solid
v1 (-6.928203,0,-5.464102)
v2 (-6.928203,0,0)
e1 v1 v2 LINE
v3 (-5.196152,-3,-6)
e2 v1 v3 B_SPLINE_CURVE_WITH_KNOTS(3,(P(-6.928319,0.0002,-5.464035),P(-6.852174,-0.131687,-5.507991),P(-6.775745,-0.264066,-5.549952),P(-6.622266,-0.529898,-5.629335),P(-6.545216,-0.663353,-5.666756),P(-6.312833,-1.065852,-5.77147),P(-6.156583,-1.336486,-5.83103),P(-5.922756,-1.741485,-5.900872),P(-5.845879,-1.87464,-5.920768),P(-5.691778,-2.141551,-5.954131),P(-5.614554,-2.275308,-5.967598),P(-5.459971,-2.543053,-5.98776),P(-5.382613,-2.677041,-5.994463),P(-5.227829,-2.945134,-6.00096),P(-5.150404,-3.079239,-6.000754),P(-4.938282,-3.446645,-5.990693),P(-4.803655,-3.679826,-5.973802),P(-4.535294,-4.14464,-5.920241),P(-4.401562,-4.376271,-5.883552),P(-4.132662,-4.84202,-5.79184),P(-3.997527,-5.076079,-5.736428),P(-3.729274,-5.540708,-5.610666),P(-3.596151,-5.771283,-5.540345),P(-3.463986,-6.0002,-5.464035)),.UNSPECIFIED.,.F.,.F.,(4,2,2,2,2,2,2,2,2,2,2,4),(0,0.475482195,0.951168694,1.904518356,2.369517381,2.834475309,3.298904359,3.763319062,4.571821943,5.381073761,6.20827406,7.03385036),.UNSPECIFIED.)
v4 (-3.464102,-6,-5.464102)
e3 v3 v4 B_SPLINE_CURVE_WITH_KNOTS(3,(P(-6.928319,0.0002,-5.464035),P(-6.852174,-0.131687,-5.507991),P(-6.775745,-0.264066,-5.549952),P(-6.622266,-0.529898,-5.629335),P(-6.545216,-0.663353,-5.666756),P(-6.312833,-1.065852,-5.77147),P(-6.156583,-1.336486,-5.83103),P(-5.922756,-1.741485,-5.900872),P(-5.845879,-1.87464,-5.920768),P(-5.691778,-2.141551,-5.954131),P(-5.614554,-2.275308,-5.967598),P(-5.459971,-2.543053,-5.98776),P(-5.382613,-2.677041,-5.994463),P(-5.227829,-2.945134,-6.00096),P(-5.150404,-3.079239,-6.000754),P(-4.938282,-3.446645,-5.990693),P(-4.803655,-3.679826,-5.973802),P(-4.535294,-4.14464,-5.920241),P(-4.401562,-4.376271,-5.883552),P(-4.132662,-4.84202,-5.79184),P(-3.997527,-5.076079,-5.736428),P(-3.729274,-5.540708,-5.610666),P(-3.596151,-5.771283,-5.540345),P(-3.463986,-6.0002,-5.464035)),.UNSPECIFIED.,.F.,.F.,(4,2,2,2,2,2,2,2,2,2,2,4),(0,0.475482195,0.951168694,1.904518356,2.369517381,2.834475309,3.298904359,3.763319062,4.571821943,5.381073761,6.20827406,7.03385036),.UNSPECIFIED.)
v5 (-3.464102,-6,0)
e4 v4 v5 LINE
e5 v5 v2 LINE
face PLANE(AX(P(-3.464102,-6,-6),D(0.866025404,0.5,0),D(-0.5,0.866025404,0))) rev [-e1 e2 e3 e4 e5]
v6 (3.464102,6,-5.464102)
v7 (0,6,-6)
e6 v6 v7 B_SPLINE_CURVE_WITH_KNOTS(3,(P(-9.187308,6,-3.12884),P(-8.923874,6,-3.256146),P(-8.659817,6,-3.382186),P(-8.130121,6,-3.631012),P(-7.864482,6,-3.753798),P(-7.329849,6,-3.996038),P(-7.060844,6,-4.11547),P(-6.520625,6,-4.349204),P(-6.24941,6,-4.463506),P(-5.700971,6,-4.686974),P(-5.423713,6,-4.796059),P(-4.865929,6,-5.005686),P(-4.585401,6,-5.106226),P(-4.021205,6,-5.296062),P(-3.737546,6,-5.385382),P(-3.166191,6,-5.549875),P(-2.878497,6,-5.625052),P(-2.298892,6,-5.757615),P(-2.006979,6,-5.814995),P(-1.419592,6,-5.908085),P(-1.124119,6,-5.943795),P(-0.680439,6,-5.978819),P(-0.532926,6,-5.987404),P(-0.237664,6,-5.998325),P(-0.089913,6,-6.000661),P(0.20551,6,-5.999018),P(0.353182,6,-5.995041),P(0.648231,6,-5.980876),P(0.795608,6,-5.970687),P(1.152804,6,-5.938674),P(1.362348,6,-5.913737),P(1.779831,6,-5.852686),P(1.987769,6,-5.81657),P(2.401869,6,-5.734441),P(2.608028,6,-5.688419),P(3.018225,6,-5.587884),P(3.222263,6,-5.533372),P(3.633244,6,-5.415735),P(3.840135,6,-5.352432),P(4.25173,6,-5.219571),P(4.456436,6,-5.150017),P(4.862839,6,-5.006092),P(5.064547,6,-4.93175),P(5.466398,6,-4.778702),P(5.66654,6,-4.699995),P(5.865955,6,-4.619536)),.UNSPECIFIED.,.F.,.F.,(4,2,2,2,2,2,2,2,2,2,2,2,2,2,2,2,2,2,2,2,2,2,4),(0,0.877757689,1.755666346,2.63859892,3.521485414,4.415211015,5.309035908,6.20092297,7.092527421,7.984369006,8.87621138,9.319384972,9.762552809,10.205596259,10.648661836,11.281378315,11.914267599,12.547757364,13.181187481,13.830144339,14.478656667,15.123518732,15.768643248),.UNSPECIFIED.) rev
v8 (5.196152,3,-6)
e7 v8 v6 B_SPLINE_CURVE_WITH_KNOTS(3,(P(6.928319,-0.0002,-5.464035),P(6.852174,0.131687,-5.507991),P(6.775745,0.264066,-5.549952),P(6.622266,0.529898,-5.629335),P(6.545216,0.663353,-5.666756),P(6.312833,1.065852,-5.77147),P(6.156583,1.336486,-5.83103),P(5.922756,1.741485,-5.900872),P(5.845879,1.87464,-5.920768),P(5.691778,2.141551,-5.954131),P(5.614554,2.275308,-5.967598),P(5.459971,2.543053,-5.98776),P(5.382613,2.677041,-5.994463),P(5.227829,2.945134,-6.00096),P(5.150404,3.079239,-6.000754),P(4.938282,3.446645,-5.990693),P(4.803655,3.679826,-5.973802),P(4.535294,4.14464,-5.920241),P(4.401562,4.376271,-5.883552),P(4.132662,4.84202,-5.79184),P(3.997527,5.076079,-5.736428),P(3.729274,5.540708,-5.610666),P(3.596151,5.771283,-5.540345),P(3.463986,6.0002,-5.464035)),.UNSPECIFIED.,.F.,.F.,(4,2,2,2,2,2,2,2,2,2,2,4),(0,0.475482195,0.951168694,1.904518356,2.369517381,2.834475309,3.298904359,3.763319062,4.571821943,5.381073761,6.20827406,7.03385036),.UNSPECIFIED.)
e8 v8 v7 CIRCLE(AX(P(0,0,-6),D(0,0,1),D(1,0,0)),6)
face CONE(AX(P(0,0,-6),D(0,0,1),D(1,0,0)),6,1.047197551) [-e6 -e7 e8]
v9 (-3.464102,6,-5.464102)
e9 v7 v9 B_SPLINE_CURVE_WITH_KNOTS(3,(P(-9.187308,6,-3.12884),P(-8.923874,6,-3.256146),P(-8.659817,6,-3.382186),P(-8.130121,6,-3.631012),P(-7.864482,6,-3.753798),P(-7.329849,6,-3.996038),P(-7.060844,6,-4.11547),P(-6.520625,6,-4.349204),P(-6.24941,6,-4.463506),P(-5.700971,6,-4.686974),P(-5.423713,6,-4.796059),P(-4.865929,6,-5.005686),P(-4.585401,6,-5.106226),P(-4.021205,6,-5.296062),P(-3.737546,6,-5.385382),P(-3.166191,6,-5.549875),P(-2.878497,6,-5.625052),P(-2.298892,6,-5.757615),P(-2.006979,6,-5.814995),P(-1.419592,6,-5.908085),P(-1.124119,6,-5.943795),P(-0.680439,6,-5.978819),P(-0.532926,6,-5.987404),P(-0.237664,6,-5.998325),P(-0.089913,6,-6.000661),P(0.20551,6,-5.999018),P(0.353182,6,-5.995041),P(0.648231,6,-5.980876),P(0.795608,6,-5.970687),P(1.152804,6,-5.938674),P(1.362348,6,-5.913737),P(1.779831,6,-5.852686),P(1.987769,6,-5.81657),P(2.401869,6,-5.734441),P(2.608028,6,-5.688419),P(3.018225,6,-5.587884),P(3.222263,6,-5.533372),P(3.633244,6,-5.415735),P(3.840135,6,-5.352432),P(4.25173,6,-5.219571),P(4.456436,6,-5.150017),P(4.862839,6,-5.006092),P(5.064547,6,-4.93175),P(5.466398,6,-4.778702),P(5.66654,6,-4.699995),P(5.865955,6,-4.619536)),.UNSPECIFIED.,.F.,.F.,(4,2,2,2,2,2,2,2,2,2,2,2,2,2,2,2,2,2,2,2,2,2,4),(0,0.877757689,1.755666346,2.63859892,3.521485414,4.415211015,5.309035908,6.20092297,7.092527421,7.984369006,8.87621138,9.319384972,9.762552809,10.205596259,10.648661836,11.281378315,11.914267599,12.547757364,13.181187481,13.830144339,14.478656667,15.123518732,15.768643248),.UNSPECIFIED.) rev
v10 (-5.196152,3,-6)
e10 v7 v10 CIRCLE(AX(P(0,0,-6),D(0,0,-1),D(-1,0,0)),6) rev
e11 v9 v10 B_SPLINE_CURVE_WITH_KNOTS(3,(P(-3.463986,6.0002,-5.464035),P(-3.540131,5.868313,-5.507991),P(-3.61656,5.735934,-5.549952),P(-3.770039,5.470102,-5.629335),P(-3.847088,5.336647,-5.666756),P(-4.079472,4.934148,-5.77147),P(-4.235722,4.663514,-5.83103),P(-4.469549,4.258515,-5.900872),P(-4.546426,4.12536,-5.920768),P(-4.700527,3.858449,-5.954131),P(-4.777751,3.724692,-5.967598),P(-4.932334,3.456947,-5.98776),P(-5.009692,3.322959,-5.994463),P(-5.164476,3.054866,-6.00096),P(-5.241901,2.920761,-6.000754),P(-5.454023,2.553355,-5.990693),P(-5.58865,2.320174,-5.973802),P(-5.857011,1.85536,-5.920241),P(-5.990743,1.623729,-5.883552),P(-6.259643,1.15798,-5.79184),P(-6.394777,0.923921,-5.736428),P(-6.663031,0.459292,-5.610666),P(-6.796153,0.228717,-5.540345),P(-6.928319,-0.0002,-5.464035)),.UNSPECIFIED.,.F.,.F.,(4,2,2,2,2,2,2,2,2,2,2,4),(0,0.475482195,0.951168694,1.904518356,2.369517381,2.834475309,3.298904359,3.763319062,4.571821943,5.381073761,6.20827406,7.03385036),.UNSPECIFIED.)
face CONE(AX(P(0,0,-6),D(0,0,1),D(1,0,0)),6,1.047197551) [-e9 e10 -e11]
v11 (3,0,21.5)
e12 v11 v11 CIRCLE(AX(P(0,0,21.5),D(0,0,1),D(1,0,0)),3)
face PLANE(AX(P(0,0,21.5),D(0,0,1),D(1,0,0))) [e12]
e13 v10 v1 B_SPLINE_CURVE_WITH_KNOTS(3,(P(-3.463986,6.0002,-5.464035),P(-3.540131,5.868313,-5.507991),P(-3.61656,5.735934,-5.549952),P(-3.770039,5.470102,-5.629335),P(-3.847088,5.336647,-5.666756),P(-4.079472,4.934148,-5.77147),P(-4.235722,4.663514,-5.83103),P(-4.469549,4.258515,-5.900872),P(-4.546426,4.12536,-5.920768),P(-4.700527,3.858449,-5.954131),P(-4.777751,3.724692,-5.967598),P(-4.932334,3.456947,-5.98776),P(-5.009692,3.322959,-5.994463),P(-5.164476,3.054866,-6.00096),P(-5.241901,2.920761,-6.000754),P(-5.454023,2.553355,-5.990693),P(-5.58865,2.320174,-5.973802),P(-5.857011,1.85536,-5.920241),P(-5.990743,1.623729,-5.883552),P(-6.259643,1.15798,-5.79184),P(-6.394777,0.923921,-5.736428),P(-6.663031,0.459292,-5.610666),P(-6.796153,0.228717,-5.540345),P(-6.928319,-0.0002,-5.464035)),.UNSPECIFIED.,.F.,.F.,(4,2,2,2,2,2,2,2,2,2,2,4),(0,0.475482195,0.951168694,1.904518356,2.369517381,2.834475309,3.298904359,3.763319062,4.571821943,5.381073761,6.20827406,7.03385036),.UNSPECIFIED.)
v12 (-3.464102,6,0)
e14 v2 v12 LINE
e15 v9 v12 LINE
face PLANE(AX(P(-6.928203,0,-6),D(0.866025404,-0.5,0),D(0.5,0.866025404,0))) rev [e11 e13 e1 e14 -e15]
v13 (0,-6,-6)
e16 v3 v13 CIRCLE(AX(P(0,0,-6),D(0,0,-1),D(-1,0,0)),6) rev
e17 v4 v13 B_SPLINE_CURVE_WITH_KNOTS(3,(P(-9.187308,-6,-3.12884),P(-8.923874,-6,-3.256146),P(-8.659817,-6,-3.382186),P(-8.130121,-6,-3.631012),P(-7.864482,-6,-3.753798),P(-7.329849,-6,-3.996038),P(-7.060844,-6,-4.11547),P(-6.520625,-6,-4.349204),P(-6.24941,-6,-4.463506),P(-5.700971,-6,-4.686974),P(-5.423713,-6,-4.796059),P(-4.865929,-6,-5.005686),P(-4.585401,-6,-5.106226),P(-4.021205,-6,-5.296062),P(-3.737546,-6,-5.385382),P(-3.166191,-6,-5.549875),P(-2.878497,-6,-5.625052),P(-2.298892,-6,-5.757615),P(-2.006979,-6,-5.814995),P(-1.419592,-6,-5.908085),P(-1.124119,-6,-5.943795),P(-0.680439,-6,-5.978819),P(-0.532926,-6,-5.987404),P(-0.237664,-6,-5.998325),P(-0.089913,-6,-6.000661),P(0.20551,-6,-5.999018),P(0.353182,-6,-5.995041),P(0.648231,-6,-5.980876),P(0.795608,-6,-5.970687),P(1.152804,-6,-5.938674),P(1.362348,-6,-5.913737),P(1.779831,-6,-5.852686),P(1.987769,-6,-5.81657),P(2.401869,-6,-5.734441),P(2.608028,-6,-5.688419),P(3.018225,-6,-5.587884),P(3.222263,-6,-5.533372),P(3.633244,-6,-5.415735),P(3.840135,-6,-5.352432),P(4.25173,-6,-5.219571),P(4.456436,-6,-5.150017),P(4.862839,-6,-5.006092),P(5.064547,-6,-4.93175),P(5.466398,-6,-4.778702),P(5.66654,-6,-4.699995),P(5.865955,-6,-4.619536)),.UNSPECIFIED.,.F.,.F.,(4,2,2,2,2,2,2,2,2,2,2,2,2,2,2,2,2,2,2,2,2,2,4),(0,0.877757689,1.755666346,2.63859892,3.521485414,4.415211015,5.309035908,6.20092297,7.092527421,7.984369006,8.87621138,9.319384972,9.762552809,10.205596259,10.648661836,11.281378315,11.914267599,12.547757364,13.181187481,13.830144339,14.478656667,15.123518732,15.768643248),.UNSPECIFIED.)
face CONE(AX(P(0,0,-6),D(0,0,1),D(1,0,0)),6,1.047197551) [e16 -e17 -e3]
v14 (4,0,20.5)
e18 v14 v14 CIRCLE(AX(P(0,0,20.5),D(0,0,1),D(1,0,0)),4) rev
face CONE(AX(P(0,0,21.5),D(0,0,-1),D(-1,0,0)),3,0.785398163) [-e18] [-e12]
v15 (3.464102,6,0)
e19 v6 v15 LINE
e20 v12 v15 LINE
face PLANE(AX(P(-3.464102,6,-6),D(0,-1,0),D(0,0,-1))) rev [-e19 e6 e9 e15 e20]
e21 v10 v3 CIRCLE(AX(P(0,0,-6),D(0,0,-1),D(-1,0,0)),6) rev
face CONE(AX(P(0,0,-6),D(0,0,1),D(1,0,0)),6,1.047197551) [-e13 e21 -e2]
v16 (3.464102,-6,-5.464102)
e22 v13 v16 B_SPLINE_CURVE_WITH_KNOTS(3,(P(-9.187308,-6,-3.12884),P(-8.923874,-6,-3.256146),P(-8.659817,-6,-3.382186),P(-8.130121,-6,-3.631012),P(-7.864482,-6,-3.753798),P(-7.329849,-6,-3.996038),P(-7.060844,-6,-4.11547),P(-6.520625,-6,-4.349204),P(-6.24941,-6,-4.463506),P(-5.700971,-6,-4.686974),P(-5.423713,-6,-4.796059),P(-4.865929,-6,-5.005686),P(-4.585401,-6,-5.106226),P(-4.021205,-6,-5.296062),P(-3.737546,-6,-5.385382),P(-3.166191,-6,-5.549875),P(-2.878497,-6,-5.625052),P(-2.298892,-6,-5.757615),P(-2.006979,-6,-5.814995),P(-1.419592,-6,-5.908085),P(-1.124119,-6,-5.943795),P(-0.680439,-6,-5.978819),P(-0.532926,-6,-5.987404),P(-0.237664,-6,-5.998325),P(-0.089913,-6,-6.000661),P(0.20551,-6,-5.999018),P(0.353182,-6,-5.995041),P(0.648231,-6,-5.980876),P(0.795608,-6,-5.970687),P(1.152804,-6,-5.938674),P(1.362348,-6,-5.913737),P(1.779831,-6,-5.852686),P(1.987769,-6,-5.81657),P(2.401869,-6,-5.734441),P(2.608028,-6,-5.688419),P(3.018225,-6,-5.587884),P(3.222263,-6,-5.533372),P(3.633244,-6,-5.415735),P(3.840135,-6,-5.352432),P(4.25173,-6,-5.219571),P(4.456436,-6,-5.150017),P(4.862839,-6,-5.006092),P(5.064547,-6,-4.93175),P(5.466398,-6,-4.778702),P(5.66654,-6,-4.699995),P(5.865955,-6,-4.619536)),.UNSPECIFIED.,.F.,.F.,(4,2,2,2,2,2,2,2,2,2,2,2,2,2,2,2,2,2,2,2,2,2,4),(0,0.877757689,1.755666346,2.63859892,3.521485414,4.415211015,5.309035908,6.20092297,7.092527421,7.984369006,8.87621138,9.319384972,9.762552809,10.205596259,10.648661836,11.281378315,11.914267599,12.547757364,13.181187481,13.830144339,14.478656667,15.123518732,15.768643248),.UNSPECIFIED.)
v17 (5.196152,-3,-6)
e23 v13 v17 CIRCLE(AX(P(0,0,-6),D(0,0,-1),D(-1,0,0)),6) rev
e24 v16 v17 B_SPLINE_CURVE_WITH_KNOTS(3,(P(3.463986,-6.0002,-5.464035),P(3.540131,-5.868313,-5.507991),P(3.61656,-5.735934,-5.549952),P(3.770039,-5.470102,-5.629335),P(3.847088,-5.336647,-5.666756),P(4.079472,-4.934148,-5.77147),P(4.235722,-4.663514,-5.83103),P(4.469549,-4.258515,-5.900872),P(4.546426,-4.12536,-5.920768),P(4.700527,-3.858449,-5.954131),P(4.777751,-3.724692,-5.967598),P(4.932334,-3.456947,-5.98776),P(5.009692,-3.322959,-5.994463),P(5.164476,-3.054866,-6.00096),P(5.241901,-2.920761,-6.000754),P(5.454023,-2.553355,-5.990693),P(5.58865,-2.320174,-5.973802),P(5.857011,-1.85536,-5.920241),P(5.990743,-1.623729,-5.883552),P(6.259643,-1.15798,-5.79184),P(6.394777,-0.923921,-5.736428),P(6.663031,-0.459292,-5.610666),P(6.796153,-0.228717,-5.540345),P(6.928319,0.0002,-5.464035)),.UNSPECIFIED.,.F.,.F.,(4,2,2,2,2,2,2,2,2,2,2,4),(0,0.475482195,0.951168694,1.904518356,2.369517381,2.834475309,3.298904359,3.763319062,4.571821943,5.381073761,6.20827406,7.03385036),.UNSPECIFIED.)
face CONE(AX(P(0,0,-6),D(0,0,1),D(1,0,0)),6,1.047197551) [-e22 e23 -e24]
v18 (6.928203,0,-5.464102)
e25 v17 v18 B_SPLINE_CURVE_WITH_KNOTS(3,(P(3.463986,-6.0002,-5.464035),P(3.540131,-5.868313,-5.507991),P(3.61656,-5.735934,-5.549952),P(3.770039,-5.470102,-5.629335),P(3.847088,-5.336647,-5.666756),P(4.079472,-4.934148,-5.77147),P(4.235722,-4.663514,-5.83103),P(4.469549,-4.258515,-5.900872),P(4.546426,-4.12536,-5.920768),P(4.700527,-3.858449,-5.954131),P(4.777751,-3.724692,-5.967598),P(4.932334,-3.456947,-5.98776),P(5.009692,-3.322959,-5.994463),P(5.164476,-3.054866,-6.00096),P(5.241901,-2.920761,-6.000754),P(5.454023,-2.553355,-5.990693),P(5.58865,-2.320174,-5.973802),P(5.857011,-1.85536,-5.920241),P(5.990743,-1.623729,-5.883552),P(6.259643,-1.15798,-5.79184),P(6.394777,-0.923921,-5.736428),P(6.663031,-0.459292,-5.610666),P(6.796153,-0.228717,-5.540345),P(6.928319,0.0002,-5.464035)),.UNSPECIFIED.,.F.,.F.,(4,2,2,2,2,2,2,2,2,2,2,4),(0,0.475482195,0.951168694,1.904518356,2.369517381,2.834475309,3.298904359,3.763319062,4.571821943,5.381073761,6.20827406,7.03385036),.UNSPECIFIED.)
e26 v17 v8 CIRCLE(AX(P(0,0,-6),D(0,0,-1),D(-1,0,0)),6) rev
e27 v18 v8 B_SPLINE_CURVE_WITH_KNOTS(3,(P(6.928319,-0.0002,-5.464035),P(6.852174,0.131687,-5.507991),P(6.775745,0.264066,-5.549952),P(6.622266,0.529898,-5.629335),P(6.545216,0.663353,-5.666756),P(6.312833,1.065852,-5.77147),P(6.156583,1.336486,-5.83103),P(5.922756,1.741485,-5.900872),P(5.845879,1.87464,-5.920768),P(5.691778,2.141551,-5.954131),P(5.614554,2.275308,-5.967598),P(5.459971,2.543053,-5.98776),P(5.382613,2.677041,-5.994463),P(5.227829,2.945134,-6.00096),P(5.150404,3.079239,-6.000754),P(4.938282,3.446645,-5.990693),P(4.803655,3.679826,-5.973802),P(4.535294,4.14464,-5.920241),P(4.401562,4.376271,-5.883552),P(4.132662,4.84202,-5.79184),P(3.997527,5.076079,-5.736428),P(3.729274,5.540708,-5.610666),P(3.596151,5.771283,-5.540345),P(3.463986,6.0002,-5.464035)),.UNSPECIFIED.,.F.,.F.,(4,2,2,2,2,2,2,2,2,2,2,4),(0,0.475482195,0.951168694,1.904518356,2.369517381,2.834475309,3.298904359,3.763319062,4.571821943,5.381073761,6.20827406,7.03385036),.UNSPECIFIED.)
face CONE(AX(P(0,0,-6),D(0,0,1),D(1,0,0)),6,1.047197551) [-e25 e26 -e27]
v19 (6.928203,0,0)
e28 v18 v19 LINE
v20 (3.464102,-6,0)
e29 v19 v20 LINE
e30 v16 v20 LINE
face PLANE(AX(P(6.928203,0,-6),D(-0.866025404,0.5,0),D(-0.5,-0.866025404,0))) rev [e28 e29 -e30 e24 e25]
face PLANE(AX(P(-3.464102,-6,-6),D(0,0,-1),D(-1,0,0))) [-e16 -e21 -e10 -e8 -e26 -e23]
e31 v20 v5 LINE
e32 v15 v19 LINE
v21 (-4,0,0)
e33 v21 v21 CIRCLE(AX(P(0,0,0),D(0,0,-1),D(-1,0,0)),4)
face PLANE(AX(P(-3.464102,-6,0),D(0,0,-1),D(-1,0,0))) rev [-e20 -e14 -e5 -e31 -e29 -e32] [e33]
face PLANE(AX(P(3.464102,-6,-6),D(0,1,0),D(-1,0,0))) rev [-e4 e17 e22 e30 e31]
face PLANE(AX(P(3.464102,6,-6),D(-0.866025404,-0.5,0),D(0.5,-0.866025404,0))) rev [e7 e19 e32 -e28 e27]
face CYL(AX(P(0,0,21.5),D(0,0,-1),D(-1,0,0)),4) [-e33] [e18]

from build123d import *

# Parameters (mm, degrees)
SKETCH_2_R      = 4
EXTRUDE_1_DEPTH = 21.5
EXTRUDE_2_DEPTH = 6
CHAMFER_1_SIZE  = 1


with BuildPart() as part:
    # 草圖2 → 伸長1 (new body)
    with BuildSketch(Plane.XY):
        Circle(SKETCH_2_R)
    extrude(amount=EXTRUDE_1_DEPTH)

    # 草圖3 → 伸長2 (add)
    with BuildSketch(Plane(origin=(0, 0, 0), x_dir=(-1, 0, 0), z_dir=(0, 0, -1))):
        Polygon((3.464101615, -6), (6.92820323, 0), (3.464101615, 6), (-3.464101615, 6), (-6.92820323, 0), (-3.464101615, -6), align=None)
    extrude(amount=EXTRUDE_2_DEPTH)

    # 草圖5 → 除料-旋轉1 (revolve, cut)
    with BuildSketch(Plane(origin=(0, 0, 0), x_dir=(1, 0, 0), z_dir=(0, 1, 0)), mode=Mode.PRIVATE) as cut_revolve_1_sk:
        Polygon((6.92820323, 5.464101615), (6.92820323, 6), (6, 6), align=None)
    revolve(cut_revolve_1_sk.sketch.rotate(Axis((0, 0, 0), (0, 0, -1)), 180), axis=Axis((0, 0, 0), (0, 0, -1)), mode=Mode.SUBTRACT)

    # 導角1
    chamfer_1_edges = [part.edges().sort_by_distance(p)[0] for p in [
        (-4, 0, 21.5),
    ]]
    chamfer(chamfer_1_edges, length=CHAMFER_1_SIZE)


solid = part.part
